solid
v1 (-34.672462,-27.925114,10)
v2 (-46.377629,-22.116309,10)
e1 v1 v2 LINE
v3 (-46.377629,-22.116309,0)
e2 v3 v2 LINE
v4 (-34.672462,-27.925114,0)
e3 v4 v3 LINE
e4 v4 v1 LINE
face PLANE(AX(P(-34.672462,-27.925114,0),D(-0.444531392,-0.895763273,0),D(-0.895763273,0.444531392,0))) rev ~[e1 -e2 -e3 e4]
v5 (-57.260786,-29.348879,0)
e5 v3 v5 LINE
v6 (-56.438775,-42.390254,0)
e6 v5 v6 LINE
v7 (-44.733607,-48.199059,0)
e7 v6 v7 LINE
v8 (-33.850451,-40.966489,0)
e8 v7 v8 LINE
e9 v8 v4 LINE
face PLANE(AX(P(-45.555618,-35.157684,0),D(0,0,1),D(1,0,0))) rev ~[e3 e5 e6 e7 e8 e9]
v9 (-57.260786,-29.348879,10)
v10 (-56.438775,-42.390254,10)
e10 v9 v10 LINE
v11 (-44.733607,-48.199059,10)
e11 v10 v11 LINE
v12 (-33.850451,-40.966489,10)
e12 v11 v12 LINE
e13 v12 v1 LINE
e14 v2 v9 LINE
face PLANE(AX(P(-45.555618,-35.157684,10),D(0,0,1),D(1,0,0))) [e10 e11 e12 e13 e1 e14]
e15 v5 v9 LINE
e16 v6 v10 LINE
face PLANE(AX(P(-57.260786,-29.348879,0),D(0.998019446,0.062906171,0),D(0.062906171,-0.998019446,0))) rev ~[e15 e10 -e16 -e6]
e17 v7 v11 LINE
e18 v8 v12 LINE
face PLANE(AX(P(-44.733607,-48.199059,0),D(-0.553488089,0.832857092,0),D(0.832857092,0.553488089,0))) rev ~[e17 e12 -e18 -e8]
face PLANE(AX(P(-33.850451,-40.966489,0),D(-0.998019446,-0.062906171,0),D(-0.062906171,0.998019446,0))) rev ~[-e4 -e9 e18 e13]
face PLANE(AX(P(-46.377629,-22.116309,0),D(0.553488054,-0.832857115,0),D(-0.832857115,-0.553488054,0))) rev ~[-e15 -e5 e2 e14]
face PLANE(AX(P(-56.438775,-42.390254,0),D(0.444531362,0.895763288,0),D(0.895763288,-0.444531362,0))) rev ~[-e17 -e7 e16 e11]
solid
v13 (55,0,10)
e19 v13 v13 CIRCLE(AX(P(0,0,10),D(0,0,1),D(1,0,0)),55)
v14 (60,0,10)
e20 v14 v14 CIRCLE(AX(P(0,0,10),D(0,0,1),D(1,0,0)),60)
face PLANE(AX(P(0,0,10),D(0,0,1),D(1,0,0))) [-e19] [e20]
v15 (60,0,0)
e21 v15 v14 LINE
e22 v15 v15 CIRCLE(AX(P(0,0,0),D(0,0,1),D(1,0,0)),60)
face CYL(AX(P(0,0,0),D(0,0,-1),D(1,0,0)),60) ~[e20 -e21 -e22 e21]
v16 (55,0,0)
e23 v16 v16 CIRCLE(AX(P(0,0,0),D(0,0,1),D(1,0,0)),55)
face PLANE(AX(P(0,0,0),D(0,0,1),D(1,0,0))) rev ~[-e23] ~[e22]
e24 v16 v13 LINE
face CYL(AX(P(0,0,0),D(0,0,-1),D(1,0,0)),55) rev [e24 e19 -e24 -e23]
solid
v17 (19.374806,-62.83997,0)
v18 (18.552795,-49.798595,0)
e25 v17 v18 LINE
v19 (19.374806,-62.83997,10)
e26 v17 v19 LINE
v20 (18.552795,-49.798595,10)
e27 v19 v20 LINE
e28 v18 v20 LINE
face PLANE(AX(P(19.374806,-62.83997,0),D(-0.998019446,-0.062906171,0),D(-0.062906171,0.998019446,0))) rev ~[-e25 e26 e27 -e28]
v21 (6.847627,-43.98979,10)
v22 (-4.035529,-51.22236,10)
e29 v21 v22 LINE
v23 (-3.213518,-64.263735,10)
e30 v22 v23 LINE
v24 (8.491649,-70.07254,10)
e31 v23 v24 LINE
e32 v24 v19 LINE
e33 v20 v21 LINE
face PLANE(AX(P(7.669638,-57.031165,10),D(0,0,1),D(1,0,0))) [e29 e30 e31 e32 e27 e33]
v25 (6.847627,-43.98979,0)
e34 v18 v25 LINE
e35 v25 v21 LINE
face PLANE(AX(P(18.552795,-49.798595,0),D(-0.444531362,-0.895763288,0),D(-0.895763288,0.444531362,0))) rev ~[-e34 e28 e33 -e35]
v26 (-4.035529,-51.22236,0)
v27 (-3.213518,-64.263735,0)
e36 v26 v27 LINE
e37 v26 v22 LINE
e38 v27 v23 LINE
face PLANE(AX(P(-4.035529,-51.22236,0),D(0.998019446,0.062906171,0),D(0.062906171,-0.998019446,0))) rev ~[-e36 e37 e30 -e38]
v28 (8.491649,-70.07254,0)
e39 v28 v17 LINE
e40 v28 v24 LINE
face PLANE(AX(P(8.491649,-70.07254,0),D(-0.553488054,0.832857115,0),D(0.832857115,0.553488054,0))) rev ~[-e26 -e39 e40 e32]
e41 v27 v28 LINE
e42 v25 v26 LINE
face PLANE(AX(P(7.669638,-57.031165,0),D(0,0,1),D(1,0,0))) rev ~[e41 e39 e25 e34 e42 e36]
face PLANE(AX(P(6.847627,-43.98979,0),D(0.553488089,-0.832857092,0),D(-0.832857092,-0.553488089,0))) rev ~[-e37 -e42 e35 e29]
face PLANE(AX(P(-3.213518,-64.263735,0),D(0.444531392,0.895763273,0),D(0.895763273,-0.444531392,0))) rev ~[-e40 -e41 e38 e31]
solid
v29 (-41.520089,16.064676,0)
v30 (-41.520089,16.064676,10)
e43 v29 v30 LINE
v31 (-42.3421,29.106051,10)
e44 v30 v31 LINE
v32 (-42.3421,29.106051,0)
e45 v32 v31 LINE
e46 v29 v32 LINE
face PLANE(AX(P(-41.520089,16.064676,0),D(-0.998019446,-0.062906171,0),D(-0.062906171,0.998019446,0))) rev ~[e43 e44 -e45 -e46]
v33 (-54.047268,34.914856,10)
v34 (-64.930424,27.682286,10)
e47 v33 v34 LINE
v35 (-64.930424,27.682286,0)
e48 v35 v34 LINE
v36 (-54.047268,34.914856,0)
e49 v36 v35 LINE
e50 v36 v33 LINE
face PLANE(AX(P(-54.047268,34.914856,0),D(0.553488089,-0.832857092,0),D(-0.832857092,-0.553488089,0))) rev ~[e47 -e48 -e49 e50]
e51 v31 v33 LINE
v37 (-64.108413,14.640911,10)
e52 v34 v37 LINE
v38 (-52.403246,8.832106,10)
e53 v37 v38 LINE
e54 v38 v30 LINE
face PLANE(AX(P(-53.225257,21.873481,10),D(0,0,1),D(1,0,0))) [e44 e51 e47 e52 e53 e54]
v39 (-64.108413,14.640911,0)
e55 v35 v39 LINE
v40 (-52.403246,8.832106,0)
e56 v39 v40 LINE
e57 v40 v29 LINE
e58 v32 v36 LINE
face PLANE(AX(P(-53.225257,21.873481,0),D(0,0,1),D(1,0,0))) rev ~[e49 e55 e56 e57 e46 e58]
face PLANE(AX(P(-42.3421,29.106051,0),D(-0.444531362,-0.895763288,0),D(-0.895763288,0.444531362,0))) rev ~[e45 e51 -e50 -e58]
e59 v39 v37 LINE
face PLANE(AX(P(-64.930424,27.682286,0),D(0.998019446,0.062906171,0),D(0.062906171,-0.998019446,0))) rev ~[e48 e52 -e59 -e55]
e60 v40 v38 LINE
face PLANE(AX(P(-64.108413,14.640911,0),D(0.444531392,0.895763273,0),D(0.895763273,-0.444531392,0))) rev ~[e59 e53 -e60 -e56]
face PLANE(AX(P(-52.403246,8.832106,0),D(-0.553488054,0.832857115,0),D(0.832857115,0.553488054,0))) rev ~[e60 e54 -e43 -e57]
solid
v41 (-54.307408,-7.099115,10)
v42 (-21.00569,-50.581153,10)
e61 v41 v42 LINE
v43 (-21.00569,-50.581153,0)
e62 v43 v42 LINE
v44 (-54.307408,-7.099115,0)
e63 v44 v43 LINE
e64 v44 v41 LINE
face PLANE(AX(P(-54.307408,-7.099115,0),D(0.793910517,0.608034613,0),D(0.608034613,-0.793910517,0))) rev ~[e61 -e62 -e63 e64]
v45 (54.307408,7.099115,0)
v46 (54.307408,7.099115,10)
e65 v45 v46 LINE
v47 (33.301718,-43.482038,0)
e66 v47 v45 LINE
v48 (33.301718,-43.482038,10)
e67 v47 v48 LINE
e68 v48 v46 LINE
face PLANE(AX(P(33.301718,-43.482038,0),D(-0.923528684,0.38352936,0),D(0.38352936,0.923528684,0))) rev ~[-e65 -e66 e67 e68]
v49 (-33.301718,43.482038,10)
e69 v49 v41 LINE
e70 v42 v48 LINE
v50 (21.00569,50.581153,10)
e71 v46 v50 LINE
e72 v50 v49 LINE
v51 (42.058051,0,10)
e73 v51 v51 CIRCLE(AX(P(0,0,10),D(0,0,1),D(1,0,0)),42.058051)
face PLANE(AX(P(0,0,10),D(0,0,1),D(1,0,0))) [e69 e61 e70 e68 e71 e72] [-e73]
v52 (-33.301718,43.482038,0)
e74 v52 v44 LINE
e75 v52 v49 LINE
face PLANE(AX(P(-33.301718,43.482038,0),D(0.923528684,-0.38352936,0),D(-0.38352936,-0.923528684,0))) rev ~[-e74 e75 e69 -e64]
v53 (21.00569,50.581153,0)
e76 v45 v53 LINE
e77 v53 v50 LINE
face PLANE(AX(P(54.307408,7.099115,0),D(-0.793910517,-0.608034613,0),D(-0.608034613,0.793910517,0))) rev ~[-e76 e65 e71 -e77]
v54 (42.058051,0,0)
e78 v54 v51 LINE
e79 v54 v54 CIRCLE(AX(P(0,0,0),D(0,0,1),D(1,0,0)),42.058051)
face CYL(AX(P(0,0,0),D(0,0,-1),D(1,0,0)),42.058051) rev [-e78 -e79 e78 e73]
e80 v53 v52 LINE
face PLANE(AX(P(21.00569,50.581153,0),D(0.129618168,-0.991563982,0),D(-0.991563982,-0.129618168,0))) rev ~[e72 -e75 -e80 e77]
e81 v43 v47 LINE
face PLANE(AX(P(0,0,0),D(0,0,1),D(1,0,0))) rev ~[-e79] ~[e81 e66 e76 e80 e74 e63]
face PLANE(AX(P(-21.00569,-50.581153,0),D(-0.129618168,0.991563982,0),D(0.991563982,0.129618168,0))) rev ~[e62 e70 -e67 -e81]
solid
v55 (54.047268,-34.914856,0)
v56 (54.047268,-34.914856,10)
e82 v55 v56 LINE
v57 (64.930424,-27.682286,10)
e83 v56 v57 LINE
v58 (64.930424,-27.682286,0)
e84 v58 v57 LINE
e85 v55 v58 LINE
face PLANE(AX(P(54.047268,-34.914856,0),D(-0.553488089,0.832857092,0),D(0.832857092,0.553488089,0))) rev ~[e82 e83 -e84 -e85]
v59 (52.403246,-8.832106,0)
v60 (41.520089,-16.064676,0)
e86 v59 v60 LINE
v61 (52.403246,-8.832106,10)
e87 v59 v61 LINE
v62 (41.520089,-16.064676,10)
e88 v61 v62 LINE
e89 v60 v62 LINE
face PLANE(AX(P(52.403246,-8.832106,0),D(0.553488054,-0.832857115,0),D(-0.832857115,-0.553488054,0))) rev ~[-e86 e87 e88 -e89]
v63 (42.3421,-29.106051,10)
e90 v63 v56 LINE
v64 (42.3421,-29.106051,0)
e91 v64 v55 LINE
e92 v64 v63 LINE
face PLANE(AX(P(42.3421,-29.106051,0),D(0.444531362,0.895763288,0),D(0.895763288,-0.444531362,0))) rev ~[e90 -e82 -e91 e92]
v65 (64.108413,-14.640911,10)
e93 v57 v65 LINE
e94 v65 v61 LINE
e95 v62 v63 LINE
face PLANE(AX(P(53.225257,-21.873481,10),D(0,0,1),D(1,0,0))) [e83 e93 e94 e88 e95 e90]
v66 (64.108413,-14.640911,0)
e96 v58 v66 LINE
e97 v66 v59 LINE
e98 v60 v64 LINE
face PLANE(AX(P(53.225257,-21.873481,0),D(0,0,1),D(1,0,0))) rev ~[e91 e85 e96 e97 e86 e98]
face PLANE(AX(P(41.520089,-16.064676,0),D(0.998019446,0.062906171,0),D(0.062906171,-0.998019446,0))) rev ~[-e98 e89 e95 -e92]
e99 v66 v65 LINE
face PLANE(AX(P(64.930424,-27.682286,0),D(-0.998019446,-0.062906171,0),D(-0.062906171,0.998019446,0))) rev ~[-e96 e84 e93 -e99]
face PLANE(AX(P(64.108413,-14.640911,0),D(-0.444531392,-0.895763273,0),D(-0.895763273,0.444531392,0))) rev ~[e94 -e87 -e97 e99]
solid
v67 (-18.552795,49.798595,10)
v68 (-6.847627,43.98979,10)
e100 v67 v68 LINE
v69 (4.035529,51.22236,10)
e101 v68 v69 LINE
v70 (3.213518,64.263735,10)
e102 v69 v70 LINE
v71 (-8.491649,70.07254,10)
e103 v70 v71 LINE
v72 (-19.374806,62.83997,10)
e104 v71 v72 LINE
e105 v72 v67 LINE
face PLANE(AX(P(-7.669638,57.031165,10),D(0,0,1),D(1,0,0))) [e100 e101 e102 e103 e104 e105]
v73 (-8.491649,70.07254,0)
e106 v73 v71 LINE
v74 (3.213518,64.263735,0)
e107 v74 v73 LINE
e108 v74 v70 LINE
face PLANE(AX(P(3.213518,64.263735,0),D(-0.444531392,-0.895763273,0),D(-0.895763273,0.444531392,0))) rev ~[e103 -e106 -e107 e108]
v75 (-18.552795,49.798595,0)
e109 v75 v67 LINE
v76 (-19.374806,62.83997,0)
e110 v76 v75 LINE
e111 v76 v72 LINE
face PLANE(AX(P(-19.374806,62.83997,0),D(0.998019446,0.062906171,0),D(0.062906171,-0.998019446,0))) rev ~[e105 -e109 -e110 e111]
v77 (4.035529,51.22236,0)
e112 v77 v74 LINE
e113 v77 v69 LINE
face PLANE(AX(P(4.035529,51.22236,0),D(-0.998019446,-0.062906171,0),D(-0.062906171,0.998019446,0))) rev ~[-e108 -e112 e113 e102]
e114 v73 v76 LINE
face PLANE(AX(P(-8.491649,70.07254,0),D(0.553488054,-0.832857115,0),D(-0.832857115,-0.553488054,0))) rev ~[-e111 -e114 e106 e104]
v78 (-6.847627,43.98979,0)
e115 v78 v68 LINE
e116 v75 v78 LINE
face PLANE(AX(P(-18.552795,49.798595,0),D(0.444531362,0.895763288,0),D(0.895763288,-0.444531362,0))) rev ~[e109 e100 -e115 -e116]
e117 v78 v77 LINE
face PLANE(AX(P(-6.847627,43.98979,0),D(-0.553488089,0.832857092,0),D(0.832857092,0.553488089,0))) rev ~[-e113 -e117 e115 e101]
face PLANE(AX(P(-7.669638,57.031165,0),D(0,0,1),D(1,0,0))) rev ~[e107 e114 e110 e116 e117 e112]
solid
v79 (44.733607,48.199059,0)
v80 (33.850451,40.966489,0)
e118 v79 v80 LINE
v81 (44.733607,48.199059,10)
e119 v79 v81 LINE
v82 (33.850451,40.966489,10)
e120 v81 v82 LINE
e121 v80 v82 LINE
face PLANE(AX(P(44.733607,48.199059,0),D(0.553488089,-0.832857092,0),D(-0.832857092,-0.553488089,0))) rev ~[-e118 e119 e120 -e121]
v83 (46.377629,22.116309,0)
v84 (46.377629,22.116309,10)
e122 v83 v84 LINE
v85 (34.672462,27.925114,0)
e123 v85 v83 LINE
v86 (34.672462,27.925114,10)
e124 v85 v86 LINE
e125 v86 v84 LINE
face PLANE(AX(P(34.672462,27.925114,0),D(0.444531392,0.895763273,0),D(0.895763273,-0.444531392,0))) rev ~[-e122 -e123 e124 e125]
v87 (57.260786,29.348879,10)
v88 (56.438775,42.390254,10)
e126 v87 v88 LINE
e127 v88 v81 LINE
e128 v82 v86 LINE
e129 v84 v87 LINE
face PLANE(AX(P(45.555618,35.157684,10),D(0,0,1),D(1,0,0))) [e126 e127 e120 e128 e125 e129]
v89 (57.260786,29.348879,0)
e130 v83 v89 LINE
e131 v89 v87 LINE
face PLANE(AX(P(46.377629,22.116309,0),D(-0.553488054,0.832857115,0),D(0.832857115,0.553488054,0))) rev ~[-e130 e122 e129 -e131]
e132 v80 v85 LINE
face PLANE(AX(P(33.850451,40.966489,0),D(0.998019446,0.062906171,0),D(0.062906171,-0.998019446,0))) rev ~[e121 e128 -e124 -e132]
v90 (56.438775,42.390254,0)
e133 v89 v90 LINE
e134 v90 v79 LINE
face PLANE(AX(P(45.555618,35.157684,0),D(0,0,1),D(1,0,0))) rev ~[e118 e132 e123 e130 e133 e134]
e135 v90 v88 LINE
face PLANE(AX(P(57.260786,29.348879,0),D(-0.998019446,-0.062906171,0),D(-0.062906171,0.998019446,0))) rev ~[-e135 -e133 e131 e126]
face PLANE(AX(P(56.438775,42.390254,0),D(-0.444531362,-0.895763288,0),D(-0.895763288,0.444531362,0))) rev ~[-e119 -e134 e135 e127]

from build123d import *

# Parameters (mm, degrees)
F0_R     = 60
F1_DEPTH = 10
F2_R     = 55
F3_DEPTH = 10
F5_DEPTH = 10
F6_R     = 42.058051
F7_DEPTH = 10
F9_DEPTH = 10


with BuildPart() as f1:
    # F0 (on Top) → F1 (new body)
    with BuildSketch(Plane.XY):
        Circle(F0_R)
    extrude(amount=F1_DEPTH)

    # F2 (on Top) → F3 (cut)
    with BuildSketch(Plane.XY):
        Circle(F2_R)
    extrude(amount=F3_DEPTH, mode=Mode.SUBTRACT)


with BuildPart() as f5:
    # F4 (on Top) → F5 (new body)
    with BuildSketch(Plane.XY):
        Polygon((54.307408, 7.099115), (21.00569, 50.581153), (-33.301718, 43.482038), (-54.307408, -7.099115), (-21.00569, -50.581153), (33.301718, -43.482038), align=None)
    extrude(amount=F5_DEPTH)

    # F6 (on Top) → F7 (cut)
    with BuildSketch(Plane.XY):
        Circle(F6_R)
    extrude(amount=F7_DEPTH, mode=Mode.SUBTRACT)


with BuildPart() as f9:
    # F8 (on Top) → F9 (new body)
    with BuildSketch(Plane.XY):
        Polygon((-54.047268, 34.914856), (-64.930424, 27.682286), (-64.108413, 14.640911), (-52.403246, 8.832106), (-41.520089, 16.064676), (-42.3421, 29.106051), align=None)
        Polygon((-57.260786, -29.348879), (-56.438775, -42.390254), (-44.733607, -48.199059), (-33.850451, -40.966489), (-34.672462, -27.925114), (-46.377629, -22.116309), align=None)
        Polygon((-3.213518, -64.263735), (8.491649, -70.07254), (19.374806, -62.83997), (18.552795, -49.798595), (6.847627, -43.98979), (-4.035529, -51.22236), align=None)
        Polygon((54.047268, -34.914856), (64.930424, -27.682286), (64.108413, -14.640911), (52.403246, -8.832106), (41.520089, -16.064676), (42.3421, -29.106051), align=None)
        Polygon((57.260786, 29.348879), (56.438775, 42.390254), (44.733607, 48.199059), (33.850451, 40.966489), (34.672462, 27.925114), (46.377629, 22.116309), align=None)
        Polygon((3.213518, 64.263735), (-8.491649, 70.07254), (-19.374806, 62.83997), (-18.552795, 49.798595), (-6.847627, 43.98979), (4.035529, 51.22236), align=None)
    extrude(amount=F9_DEPTH)


solid = Compound([f1.part, f5.part, f9.part])
